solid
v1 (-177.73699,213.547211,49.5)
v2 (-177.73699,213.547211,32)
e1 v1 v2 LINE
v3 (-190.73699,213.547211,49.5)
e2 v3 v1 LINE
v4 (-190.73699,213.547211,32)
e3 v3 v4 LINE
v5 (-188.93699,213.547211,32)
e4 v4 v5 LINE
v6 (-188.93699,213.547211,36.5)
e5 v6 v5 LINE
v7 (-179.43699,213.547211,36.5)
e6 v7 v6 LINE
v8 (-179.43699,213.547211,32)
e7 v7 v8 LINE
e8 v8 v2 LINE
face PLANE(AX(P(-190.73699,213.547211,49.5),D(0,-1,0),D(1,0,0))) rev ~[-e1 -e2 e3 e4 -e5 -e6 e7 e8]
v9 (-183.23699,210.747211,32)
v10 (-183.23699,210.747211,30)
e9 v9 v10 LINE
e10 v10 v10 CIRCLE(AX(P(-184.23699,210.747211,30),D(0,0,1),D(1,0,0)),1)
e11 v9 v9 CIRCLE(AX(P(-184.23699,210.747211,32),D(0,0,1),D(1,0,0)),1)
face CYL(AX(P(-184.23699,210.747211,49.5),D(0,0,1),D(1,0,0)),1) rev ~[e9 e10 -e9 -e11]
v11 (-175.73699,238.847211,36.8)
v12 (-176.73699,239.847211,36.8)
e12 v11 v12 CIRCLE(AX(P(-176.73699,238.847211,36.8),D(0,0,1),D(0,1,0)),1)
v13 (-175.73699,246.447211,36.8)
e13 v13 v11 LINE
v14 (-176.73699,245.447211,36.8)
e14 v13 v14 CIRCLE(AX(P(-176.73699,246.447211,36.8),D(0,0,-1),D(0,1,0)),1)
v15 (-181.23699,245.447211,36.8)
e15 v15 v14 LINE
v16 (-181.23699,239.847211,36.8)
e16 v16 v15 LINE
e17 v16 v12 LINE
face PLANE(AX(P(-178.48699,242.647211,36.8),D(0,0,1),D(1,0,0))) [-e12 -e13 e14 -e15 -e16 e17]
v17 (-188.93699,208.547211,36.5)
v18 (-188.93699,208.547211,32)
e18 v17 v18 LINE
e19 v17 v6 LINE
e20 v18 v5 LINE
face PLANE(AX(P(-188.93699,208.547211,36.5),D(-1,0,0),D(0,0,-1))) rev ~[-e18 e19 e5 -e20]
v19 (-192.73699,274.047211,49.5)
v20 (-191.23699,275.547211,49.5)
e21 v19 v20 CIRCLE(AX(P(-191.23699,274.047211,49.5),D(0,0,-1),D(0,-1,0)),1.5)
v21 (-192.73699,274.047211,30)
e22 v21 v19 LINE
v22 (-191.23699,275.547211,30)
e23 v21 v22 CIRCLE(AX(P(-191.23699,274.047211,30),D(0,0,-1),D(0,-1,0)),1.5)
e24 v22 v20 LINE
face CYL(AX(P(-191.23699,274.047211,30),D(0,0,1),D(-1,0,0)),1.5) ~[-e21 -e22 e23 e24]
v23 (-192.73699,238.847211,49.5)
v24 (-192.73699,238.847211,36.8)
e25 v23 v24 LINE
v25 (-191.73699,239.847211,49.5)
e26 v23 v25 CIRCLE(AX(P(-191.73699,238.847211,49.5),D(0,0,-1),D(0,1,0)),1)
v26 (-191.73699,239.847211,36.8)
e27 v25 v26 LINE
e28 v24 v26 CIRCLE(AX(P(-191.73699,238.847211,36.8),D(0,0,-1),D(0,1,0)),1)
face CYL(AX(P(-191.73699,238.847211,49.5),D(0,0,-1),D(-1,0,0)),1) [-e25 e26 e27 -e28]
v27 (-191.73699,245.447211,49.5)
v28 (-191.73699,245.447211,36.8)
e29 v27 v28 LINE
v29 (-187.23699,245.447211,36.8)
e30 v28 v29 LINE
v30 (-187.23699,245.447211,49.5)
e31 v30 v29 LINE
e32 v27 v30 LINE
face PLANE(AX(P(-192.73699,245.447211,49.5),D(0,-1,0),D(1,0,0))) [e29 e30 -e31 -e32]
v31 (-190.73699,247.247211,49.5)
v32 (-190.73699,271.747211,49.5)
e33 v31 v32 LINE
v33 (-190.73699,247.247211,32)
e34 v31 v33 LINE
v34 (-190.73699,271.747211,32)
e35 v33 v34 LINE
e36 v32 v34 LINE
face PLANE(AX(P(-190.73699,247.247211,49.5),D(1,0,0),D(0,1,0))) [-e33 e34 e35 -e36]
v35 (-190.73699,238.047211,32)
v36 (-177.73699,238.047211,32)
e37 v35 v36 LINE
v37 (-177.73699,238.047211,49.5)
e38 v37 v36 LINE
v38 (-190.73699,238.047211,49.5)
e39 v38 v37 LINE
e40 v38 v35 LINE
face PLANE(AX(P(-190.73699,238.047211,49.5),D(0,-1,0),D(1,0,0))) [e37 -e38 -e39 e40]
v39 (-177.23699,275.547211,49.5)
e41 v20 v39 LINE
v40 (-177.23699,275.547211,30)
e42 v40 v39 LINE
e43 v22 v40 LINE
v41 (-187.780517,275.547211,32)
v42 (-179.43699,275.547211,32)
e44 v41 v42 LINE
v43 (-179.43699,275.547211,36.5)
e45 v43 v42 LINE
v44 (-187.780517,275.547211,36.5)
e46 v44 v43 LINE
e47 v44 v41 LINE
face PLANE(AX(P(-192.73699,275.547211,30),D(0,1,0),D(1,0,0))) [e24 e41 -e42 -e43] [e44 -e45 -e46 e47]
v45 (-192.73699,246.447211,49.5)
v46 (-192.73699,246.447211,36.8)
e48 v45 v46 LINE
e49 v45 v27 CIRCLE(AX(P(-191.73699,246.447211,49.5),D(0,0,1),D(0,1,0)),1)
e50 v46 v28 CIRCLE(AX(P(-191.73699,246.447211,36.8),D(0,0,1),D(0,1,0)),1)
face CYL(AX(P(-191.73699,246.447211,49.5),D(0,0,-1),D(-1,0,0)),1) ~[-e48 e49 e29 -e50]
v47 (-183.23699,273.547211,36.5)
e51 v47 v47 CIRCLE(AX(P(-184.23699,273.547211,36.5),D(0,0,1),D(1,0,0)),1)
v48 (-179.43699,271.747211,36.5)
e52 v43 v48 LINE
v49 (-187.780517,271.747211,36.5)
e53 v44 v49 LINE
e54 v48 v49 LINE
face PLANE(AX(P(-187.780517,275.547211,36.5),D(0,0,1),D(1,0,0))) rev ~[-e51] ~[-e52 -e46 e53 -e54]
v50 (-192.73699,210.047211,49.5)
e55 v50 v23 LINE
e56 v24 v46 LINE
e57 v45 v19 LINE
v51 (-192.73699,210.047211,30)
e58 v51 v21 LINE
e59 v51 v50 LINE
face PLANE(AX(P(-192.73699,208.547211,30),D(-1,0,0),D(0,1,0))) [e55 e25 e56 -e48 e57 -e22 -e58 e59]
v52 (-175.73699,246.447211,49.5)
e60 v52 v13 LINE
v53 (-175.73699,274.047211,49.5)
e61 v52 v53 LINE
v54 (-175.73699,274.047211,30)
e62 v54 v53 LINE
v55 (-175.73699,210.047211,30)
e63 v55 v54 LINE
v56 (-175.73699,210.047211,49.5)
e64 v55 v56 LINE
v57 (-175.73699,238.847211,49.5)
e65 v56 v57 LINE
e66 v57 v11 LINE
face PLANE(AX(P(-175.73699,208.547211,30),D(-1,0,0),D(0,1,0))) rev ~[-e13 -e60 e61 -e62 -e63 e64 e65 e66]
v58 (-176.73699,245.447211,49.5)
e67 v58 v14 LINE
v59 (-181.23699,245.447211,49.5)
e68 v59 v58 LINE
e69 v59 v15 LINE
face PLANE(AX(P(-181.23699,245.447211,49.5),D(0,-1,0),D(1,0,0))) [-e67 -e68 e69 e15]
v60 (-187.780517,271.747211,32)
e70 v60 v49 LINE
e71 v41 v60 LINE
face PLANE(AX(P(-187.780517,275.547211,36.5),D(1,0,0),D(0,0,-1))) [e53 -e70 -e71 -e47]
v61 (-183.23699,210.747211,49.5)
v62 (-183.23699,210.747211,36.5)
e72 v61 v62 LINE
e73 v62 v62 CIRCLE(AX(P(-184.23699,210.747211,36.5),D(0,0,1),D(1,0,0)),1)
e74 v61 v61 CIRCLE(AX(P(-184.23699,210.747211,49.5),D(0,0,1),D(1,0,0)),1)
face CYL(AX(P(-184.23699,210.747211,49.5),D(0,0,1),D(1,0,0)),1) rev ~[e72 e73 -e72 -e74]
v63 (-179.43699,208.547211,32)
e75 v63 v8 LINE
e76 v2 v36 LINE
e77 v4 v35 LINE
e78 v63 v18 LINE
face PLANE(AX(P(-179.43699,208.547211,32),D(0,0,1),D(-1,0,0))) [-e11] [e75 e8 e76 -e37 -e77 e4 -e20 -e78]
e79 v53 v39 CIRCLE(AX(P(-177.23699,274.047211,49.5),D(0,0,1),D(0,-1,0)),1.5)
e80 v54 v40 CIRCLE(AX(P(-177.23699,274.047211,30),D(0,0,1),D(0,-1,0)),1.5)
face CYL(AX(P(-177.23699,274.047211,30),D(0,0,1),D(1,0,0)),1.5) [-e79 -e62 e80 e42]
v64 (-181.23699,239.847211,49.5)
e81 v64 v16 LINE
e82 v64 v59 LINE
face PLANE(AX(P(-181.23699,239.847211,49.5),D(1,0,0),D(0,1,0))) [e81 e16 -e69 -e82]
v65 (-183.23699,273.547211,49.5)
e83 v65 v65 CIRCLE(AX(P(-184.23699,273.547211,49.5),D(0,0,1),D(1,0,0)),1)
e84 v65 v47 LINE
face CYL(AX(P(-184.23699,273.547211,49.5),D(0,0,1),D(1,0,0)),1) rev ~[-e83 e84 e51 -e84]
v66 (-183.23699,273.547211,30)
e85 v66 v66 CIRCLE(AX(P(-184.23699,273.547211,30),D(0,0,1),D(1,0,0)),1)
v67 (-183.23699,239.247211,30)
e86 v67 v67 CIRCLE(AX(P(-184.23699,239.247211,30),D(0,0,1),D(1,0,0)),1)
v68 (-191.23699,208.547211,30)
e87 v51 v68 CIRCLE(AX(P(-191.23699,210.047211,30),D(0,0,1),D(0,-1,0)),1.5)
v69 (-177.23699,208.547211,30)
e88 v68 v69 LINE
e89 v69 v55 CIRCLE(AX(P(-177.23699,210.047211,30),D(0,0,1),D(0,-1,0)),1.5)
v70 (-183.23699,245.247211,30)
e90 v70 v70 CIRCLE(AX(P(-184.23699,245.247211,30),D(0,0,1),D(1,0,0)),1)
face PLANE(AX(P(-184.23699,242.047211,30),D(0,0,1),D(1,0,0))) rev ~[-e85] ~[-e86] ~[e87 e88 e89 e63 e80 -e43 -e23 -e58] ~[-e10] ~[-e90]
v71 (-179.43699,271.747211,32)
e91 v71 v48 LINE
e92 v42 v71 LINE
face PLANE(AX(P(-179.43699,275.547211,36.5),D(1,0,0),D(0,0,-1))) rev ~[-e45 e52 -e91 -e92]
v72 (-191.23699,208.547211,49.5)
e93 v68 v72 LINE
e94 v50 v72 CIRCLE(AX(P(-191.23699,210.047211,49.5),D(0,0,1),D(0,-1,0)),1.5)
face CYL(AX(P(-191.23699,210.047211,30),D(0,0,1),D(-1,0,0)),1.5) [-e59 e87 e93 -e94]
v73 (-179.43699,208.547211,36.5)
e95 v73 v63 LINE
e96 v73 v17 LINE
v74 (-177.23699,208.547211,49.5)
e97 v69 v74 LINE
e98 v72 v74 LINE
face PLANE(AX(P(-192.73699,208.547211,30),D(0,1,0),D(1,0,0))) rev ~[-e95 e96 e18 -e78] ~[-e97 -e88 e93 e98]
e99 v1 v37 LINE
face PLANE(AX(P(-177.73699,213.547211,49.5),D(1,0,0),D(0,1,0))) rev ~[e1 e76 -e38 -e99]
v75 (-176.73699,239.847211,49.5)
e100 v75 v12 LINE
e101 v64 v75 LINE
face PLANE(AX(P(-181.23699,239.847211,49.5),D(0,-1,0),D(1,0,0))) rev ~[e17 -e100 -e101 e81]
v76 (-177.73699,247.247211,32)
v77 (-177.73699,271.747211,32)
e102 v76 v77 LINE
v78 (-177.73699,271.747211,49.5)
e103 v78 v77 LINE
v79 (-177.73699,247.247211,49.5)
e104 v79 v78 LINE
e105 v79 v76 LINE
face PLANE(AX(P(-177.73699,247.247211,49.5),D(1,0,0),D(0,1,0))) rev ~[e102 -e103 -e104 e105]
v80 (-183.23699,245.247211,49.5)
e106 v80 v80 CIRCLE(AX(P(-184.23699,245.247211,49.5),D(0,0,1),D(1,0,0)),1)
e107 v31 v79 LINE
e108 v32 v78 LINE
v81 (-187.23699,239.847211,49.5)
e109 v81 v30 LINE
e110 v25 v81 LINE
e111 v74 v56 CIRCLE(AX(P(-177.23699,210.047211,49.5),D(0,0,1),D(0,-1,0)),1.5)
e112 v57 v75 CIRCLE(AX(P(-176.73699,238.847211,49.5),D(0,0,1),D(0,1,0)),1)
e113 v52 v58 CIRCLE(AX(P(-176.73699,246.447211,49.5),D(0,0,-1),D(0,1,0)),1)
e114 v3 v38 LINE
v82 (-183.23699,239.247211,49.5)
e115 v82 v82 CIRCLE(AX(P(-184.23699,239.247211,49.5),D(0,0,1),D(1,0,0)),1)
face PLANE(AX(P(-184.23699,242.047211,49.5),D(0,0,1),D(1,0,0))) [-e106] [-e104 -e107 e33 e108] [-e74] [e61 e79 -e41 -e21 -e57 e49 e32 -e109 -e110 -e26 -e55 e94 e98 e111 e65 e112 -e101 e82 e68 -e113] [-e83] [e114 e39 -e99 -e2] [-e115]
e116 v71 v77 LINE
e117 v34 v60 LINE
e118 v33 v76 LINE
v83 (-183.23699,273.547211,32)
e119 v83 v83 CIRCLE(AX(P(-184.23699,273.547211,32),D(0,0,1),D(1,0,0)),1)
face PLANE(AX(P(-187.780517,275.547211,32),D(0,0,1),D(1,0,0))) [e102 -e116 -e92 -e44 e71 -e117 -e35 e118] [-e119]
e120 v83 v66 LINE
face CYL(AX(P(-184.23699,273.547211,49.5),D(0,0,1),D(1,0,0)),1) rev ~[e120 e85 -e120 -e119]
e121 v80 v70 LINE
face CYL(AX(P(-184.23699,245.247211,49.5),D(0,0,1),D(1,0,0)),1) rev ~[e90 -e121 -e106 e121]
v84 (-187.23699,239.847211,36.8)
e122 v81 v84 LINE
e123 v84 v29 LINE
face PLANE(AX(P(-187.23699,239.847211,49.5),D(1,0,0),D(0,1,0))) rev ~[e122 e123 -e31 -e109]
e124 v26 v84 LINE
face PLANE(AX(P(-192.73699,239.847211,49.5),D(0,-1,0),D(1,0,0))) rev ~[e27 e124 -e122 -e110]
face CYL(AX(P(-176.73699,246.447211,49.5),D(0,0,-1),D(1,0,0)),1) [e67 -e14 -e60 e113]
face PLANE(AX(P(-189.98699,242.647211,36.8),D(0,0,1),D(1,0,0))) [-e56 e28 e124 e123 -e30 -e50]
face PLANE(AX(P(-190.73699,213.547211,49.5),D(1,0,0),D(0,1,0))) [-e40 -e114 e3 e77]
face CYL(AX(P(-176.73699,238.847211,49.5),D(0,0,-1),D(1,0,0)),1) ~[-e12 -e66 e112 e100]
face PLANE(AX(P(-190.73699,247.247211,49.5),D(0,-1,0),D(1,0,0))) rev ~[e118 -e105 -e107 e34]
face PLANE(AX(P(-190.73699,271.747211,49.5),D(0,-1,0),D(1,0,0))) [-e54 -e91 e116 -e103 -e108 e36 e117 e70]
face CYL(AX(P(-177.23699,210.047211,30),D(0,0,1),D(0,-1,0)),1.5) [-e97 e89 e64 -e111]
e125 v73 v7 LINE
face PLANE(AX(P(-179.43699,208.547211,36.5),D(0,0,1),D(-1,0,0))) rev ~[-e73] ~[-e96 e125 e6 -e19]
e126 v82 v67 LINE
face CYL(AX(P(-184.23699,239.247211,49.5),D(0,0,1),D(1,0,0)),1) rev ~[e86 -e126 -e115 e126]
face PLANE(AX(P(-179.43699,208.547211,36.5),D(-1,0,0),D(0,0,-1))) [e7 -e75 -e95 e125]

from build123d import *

# Parameters (mm, degrees)
SKETCH4_W           = 17
SKETCH4_H           = 67
BOSS_EXTRUDE1_DEPTH = 19.5
FILLET1_R           = 1.5
SKETCH5_W           = 13
SKETCH5_H           = 24.5
CUT_EXTRUDE1_DEPTH  = 17.5
SKETCH6_W           = 5.5
SKETCH6_H           = 5.6
CUT_EXTRUDE2_DEPTH  = 12.7
FILLET2_R           = 1
SKETCH7_R           = 1
CUT_EXTRUDE3_DEPTH  = 337.829426821
SKETCH8_W           = 9.5
SKETCH8_H           = 4.5
CUT_EXTRUDE4_DEPTH  = 5
SKETCH9_W           = 8.343526146
SKETCH9_H           = 4.5
CUT_EXTRUDE5_DEPTH  = 5


with BuildPart() as part:
    # Sketch4 → Boss-Extrude1 (new body)
    with BuildSketch(Plane.XY.offset(30)):
        with Locations((-184.236990356, 242.047210693)):
            Rectangle(SKETCH4_W, SKETCH4_H)
    extrude(amount=BOSS_EXTRUDE1_DEPTH)

    # Fillet1
    fillet1_edges = [part.edges().sort_by_distance(p)[0] for p in [
        (-192.736990356, 275.547210693, 39.75),
        (-175.736990356, 275.547210693, 39.75),
        (-175.736990356, 208.547210693, 39.75),
        (-192.736990356, 208.547210693, 39.75),
    ]]
    fillet(fillet1_edges, radius=FILLET1_R)

    # Sketch5 → Cut-Extrude1 (cut)
    with BuildSketch(Plane.XY.offset(49.5)):
        with Locations((-184.236990356, 259.497210693)):
            Rectangle(SKETCH5_W, SKETCH5_H)
        with Locations((-184.236990356, 225.797210693)):
            Rectangle(SKETCH5_W, SKETCH5_H)
    extrude(amount=-CUT_EXTRUDE1_DEPTH, mode=Mode.SUBTRACT)

    # Sketch6 → Cut-Extrude2 (cut)
    with BuildSketch(Plane.XY.offset(49.5)):
        with Locations((-189.986990356, 242.647210693)):
            Rectangle(SKETCH6_W, SKETCH6_H)
        with Locations((-178.486990356, 242.647210693)):
            Rectangle(SKETCH6_W, SKETCH6_H)
    extrude(amount=-CUT_EXTRUDE2_DEPTH, mode=Mode.SUBTRACT)

    # Fillet2
    fillet2_edges = [part.edges().sort_by_distance(p)[0] for p in [
        (-192.736990356, 239.847210693, 43.15),
        (-192.736990356, 245.447210693, 43.15),
        (-175.736990356, 245.447210693, 43.15),
        (-175.736990356, 239.847210693, 43.15),
    ]]
    fillet(fillet2_edges, radius=FILLET2_R)

    # Sketch7 → Cut-Extrude3 (cut, through all)
    with BuildSketch(Plane.XY.offset(49.5)):
        with Locations((-184.236990356, 273.547210693)):
            Circle(SKETCH7_R)
        with Locations((-184.236990356, 210.747210693)):
            Circle(SKETCH7_R)
        with Locations((-184.236990356, 245.247210693)):
            Circle(SKETCH7_R)
        with Locations((-184.236990356, 239.247210693)):
            Circle(SKETCH7_R)
    extrude(amount=-CUT_EXTRUDE3_DEPTH, mode=Mode.SUBTRACT)

    # Sketch8 → Cut-Extrude4 (cut)
    with BuildSketch(Plane(origin=(0, 208.547210693, 0), x_dir=(-1, 0, 0), z_dir=(0, -1, 0))):
        with Locations((184.186990356, -34.25)):
            Rectangle(SKETCH8_W, SKETCH8_H)
    extrude(amount=-CUT_EXTRUDE4_DEPTH, mode=Mode.SUBTRACT)

    # Sketch9 → Cut-Extrude5 (cut)
    with BuildSketch(Plane(origin=(0, 275.547210693, 0), x_dir=(1, 0, 0), z_dir=(0, 1, 0))):
        with Locations((-183.608753429, -34.25)):
            Rectangle(SKETCH9_W, SKETCH9_H)
    extrude(amount=-CUT_EXTRUDE5_DEPTH, mode=Mode.SUBTRACT)


solid = part.part
